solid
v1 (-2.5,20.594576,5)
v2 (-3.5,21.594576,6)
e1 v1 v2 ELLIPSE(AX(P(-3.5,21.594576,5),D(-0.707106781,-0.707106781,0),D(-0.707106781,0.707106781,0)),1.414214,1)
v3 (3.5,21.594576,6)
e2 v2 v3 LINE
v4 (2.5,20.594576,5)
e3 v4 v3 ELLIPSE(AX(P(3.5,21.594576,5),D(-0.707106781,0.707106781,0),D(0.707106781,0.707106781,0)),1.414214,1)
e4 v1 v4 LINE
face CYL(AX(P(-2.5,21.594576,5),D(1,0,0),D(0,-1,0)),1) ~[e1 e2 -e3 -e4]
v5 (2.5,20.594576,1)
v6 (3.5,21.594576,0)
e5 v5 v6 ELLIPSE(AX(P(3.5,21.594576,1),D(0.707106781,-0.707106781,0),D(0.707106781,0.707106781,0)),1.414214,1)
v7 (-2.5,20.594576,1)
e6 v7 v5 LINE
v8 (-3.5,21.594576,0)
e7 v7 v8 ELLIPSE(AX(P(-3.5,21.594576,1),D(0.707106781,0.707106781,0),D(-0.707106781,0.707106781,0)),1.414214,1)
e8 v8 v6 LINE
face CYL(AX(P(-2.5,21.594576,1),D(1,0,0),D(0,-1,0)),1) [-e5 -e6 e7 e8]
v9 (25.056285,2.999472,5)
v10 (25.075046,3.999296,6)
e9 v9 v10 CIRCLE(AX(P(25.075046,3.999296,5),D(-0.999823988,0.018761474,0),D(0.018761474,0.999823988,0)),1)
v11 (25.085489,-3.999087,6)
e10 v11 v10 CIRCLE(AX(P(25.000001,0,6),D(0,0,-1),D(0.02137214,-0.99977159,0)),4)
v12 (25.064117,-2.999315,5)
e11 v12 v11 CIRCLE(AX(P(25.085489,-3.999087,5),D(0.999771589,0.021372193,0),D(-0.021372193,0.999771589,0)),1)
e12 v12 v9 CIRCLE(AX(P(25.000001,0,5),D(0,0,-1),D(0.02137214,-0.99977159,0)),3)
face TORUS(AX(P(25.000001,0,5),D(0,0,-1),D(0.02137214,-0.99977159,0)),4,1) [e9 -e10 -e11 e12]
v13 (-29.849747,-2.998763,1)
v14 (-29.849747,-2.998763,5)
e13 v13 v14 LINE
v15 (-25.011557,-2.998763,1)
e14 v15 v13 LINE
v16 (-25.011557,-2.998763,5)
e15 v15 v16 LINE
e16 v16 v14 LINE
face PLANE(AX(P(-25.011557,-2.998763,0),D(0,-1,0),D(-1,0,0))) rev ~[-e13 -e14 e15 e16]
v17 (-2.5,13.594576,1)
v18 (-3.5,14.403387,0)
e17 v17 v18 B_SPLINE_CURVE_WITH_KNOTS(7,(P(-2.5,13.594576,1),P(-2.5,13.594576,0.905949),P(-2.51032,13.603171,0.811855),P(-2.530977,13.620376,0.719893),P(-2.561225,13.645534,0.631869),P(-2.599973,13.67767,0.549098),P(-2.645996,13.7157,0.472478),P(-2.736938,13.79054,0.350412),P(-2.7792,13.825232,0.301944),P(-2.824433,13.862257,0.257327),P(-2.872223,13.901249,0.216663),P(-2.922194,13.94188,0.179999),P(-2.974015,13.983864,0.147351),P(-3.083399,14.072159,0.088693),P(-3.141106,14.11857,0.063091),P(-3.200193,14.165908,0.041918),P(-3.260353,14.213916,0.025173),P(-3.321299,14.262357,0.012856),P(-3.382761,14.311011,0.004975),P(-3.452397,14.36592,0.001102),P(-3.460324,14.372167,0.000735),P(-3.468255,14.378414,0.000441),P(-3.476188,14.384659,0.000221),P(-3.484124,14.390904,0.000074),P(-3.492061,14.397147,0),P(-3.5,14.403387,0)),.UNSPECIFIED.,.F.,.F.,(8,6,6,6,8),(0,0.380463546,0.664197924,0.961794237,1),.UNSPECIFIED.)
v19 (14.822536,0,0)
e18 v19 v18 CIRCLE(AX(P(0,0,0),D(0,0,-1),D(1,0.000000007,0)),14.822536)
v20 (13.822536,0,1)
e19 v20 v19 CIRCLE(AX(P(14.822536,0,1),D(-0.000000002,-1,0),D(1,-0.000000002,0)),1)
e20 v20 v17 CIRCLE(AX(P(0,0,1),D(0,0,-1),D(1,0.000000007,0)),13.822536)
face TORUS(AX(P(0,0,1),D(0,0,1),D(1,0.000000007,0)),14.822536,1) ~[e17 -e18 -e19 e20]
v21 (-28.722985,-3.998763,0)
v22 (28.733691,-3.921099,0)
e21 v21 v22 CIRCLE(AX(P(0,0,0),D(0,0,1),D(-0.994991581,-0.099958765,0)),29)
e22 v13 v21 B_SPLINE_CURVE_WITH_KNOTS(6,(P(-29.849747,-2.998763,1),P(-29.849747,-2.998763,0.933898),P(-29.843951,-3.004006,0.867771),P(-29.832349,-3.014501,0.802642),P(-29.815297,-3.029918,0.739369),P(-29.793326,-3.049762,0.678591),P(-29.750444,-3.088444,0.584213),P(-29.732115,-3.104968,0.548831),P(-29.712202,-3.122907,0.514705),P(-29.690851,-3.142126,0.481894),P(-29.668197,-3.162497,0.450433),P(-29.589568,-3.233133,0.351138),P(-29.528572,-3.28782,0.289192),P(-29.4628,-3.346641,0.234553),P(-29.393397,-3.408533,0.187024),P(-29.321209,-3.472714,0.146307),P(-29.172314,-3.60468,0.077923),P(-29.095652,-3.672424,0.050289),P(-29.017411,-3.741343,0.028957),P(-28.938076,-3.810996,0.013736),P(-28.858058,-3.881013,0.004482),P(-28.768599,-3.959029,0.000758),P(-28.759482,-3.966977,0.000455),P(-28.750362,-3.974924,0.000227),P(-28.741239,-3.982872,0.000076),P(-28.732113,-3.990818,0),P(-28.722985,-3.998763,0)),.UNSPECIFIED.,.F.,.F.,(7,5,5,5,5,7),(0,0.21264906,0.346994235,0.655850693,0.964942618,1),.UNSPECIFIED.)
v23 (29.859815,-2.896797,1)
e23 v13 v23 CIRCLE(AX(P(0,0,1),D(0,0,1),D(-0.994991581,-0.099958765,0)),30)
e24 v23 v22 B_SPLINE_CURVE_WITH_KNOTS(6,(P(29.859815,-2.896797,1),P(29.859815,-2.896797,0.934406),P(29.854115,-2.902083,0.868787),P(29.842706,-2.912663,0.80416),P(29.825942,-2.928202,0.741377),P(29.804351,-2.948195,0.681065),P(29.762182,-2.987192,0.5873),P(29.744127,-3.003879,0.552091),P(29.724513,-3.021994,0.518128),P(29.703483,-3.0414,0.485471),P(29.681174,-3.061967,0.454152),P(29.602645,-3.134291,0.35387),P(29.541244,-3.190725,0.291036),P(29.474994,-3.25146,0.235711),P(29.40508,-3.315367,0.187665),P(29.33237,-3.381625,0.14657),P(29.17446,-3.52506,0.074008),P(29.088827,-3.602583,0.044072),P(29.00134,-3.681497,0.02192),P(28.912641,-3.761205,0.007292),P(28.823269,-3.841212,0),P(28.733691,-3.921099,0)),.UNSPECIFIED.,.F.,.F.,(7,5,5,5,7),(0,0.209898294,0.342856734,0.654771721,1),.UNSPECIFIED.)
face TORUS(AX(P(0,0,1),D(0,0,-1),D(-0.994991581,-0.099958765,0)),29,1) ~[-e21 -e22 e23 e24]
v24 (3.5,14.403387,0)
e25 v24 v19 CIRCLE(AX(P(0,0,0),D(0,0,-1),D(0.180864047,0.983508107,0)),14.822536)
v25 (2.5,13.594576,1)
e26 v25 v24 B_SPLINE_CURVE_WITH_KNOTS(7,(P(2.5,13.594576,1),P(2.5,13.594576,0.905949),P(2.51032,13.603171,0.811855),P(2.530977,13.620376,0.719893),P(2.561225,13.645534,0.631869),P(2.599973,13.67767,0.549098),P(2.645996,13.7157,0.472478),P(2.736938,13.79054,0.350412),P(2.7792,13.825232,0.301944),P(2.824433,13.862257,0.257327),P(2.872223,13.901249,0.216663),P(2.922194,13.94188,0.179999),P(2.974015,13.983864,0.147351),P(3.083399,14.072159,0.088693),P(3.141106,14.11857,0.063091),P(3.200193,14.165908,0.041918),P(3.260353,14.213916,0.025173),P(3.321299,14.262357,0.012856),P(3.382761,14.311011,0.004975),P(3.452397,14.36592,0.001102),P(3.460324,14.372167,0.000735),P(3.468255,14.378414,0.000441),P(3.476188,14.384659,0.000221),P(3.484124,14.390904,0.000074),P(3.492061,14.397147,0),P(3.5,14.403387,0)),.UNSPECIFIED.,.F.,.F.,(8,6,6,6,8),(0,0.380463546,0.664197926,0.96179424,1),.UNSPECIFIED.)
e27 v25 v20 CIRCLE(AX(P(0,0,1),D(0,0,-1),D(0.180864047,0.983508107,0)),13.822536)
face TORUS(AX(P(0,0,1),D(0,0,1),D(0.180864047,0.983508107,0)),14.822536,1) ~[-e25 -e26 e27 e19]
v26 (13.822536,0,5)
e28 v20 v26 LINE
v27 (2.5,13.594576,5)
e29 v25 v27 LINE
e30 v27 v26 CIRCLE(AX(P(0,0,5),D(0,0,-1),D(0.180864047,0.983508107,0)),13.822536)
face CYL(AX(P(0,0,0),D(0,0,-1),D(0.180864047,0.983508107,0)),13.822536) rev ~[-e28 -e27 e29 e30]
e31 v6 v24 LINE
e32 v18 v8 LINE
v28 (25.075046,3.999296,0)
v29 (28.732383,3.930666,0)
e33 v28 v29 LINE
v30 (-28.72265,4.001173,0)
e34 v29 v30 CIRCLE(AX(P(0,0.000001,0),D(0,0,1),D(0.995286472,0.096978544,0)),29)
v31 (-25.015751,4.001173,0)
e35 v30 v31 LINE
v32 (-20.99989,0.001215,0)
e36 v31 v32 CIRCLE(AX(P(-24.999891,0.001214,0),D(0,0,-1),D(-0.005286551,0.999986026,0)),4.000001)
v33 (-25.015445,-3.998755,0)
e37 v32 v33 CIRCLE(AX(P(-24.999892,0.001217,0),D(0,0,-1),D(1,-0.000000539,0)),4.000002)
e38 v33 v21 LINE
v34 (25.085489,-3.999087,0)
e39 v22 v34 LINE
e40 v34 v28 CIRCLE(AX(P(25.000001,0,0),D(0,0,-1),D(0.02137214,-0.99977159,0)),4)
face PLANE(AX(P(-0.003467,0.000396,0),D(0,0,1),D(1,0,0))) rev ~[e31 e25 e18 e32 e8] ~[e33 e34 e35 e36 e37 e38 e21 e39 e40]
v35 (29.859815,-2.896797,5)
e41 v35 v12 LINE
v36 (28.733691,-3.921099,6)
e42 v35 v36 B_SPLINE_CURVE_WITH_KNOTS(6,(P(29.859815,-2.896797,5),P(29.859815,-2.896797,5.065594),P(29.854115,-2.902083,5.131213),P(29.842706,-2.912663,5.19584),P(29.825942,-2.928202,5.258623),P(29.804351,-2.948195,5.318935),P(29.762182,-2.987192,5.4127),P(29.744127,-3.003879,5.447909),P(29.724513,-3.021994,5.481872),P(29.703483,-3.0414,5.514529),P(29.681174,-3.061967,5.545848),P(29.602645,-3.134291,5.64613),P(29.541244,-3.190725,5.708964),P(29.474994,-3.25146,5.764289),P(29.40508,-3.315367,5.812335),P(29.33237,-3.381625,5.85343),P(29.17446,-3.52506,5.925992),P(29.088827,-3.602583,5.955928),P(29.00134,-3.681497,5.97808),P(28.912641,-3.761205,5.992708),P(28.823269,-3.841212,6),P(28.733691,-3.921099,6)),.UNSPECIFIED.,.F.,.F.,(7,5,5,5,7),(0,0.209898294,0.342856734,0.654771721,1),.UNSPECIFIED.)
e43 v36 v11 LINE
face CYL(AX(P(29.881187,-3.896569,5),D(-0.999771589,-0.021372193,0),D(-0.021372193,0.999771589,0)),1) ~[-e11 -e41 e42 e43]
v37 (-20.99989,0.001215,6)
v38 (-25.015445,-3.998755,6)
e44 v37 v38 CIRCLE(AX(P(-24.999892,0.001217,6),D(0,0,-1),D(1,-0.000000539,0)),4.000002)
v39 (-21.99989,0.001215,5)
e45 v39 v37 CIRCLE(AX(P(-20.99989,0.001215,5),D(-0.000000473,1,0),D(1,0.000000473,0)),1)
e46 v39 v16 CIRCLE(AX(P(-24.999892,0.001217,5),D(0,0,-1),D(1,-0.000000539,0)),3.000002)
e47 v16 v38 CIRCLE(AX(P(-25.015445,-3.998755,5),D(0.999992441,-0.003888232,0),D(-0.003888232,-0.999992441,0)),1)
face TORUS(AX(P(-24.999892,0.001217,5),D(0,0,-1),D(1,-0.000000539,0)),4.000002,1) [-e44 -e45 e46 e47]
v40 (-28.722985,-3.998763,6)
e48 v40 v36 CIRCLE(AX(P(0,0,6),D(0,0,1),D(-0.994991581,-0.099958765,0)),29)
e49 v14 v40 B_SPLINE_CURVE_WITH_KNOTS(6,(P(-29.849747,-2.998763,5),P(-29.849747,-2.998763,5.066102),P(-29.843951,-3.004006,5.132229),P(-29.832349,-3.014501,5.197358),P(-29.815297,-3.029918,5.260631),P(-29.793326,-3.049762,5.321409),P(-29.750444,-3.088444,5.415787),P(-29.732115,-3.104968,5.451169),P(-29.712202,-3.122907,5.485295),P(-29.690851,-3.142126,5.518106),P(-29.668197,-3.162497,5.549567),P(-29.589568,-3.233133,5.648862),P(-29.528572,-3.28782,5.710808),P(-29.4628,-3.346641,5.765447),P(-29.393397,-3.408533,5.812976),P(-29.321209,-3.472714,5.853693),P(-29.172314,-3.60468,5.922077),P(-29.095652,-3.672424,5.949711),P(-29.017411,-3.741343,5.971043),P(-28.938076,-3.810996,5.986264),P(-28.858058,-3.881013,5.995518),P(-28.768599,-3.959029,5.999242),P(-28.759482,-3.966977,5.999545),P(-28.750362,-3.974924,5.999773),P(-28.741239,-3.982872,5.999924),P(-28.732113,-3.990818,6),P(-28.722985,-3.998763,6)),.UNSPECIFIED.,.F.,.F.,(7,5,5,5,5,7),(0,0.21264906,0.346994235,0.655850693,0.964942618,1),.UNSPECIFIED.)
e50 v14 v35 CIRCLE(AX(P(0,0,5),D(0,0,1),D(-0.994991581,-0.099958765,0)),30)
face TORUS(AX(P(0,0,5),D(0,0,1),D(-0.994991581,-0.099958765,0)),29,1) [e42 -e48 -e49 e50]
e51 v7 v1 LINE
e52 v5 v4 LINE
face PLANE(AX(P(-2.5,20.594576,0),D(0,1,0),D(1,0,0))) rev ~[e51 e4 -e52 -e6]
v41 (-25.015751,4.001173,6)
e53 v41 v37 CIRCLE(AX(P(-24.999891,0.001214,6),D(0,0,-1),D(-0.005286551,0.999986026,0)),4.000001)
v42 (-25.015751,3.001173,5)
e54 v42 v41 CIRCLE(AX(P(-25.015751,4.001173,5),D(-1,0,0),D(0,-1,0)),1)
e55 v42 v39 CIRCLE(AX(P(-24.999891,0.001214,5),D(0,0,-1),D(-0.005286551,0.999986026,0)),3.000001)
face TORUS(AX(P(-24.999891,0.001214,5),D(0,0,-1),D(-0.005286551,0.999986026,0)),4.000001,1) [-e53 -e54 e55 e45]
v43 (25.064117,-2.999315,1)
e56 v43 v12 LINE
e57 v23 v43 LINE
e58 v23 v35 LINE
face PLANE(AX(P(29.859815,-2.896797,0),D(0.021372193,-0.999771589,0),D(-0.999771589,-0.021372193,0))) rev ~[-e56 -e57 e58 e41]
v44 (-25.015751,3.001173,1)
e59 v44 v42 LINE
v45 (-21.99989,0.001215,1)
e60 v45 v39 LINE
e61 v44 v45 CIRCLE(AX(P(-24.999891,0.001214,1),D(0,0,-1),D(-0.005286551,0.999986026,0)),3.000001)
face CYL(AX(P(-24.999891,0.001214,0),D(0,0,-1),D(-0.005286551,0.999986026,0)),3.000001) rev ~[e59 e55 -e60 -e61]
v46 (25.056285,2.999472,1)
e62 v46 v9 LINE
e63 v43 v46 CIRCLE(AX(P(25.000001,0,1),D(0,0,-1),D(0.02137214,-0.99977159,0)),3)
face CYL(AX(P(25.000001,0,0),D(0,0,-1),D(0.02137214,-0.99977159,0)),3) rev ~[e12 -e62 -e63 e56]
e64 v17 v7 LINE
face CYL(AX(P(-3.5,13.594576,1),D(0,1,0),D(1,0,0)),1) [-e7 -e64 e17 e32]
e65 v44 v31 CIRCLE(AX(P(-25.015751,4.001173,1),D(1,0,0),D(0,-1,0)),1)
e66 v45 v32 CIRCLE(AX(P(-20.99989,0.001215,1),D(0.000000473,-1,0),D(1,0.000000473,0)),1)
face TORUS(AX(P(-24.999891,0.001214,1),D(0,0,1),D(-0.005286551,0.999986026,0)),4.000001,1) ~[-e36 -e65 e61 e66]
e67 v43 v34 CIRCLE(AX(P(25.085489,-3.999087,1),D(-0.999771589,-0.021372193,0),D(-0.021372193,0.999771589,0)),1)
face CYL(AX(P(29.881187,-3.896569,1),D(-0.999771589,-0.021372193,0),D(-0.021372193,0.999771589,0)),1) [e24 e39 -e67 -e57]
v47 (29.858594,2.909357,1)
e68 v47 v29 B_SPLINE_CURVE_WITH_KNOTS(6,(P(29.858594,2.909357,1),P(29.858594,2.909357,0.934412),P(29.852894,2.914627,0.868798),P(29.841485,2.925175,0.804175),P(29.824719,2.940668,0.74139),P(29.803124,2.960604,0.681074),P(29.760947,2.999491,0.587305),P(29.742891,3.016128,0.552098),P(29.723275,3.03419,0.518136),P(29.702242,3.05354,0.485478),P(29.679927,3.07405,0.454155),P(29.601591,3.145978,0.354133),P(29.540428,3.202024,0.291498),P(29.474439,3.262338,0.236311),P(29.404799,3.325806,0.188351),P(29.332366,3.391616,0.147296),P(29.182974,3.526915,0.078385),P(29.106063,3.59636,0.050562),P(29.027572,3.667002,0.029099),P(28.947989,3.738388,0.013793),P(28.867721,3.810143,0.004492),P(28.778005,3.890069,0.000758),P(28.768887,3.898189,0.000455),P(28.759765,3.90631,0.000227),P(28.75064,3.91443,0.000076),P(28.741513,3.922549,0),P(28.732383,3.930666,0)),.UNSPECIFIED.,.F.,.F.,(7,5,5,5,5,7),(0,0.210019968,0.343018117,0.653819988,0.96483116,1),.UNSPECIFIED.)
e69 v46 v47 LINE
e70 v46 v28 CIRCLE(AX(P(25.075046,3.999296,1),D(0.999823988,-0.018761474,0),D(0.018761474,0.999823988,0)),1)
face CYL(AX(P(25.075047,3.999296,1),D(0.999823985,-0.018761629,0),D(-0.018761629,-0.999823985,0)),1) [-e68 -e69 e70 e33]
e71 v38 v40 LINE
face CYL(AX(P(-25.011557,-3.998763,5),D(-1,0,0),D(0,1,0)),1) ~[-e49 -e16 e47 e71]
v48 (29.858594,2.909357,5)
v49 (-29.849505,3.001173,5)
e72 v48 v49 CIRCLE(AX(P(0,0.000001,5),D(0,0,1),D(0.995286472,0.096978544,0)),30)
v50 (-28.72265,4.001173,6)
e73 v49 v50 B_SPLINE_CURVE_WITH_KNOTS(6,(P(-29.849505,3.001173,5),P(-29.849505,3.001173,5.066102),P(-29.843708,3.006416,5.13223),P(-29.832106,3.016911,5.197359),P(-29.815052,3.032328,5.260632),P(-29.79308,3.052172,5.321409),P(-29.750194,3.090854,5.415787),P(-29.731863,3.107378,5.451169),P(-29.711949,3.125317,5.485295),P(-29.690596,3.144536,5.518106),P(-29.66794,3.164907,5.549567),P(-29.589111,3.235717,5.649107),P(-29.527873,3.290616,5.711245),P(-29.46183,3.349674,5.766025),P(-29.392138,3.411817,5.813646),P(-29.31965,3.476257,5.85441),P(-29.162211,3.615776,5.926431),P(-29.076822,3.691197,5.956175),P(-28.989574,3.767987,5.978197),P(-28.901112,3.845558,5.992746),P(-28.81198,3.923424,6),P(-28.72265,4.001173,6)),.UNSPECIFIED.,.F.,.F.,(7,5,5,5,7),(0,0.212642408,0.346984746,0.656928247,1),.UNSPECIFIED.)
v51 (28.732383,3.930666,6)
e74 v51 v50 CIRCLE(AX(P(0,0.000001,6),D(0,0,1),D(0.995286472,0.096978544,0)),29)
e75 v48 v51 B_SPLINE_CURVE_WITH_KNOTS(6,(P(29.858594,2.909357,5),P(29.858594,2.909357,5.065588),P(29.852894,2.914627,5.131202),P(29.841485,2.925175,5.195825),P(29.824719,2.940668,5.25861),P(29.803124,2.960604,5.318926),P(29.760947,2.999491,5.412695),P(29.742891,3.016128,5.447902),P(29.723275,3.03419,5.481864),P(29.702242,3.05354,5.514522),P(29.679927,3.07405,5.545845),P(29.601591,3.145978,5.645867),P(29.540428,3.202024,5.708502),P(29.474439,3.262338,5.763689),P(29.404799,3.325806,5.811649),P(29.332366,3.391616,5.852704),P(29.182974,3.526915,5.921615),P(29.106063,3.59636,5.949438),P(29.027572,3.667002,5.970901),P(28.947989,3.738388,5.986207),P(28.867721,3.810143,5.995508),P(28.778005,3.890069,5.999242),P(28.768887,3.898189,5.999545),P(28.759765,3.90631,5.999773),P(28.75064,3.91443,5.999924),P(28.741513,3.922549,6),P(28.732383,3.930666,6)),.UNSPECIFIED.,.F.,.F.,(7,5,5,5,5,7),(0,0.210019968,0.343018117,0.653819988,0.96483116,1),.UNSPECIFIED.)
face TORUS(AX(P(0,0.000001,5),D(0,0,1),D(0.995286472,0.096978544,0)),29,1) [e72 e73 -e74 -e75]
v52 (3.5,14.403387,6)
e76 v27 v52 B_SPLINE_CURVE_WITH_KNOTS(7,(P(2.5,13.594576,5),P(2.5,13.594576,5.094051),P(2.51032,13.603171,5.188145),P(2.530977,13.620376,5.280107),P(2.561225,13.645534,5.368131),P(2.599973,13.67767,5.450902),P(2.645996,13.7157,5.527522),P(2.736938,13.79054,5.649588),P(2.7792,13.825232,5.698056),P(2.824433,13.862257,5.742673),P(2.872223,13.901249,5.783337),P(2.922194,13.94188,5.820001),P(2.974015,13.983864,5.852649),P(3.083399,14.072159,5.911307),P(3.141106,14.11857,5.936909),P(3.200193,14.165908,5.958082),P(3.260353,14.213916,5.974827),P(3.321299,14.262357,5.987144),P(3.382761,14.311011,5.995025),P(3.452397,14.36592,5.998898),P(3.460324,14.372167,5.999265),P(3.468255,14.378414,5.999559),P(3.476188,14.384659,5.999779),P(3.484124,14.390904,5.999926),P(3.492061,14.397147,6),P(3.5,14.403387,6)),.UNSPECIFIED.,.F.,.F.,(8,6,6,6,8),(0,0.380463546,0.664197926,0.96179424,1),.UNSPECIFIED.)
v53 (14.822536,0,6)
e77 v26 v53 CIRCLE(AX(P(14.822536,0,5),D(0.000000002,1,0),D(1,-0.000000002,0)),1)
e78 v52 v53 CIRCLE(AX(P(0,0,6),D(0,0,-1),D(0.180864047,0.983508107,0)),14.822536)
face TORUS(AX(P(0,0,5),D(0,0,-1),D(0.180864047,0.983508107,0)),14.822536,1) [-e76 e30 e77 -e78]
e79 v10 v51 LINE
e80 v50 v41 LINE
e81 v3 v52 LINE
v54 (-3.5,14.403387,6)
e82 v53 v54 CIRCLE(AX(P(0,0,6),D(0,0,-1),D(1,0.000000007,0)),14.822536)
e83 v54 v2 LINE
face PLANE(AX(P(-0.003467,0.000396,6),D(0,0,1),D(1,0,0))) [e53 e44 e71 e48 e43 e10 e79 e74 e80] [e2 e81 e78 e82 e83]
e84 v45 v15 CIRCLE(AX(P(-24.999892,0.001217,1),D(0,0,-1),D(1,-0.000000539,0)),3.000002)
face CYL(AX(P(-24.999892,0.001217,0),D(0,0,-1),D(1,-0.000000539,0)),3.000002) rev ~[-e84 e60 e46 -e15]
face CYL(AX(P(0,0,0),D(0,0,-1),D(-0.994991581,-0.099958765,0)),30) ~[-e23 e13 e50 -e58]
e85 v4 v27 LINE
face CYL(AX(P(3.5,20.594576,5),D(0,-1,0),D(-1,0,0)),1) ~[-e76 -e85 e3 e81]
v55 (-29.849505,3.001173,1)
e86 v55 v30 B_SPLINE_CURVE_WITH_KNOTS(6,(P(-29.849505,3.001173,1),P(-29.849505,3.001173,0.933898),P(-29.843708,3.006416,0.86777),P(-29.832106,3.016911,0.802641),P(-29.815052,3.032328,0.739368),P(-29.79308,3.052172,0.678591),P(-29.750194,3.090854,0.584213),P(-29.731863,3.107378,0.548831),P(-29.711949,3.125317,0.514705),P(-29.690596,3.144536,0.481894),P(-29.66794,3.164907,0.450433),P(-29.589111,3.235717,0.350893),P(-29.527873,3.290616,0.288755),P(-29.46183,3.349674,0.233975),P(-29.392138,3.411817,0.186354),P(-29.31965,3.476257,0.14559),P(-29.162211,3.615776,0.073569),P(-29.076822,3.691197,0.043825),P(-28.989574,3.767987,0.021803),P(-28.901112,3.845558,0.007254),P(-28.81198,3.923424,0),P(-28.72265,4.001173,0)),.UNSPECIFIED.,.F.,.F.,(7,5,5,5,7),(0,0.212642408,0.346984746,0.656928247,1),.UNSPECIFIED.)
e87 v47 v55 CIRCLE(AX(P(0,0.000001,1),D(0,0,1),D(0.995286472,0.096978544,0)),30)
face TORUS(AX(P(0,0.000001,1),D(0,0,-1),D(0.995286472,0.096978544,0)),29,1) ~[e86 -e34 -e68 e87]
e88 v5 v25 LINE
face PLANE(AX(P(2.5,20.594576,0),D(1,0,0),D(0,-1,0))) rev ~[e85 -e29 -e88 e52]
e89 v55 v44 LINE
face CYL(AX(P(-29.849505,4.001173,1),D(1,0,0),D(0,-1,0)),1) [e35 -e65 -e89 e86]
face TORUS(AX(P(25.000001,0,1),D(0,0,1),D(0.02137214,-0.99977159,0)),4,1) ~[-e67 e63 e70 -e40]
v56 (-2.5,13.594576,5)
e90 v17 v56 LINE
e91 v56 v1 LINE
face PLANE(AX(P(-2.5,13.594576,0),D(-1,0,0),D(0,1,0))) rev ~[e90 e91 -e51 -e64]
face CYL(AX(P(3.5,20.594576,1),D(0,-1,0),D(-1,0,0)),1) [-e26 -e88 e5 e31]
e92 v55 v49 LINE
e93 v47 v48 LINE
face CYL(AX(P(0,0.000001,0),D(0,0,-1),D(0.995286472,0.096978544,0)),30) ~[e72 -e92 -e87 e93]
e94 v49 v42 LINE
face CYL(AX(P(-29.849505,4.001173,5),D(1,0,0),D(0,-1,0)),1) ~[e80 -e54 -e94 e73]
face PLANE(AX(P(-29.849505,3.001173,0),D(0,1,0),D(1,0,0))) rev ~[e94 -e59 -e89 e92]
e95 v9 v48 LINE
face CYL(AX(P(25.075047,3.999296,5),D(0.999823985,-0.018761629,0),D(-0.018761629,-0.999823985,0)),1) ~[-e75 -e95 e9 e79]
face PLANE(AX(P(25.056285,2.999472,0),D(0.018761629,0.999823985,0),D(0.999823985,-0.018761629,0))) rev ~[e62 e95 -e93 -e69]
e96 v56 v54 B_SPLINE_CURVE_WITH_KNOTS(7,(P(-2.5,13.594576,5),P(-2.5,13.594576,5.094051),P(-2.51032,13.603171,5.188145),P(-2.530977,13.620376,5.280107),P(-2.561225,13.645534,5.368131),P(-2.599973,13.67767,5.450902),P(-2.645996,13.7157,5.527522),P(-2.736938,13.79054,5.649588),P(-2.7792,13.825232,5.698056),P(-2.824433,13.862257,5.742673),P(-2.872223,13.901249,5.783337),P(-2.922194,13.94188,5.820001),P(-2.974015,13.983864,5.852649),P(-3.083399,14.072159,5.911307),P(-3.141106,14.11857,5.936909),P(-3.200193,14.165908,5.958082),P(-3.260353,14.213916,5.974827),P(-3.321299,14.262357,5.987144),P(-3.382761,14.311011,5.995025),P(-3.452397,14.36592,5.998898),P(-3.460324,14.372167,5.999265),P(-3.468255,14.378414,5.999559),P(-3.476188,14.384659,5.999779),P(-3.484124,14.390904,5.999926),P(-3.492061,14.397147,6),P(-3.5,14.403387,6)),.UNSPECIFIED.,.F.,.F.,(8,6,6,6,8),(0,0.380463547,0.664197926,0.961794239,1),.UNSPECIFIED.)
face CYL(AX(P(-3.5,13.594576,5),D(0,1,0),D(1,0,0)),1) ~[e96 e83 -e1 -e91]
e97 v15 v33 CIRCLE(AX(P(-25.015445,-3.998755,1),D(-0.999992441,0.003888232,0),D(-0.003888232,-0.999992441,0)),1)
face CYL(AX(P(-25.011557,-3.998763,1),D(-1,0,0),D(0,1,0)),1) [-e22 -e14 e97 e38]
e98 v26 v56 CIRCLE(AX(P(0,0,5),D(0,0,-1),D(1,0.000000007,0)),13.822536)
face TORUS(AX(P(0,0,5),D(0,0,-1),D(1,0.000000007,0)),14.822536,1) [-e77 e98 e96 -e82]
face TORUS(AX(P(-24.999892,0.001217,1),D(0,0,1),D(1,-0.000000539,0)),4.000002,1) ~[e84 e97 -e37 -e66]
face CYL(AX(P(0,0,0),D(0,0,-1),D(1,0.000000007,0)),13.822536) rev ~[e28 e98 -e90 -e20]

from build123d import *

# Parameters (mm, degrees)
F1_DEPTH = 6
F2_R     = 1


with BuildPart() as f1:
    # F0 (on Top) → F1 (new body)
    with BuildSketch(Plane.XY):
        with BuildLine():
            Line((25.056285, 2.999472), (29.858594, 2.909357))
            ThreePointArc((29.858594, 2.909357), (0.046132, 29.999965), (-29.849505, 3.001173))
            Line((-29.849505, 3.001173), (-25.015751, 3.001173))
            ThreePointArc((-25.015751, 3.001173), (-22.884185, 2.128135), (-21.99989, 0.001215))
            ThreePointArc((-21.99989, 0.001215), (-22.882699, -2.124226), (-25.011557, -2.998763))
            Line((-25.011557, -2.998763), (-29.849747, -2.998763))
            ThreePointArc((-29.849747, -2.998763), (0.051231, -29.999956), (29.859815, -2.896797))
            Line((29.859815, -2.896797), (25.064117, -2.999315))
            ThreePointArc((25.064117, -2.999315), (22.000003, -0.003917), (25.056285, 2.999472))
        make_face()
        with BuildLine():
            ThreePointArc((2.5, 13.594576), (10.621178, 8.846077), (13.822536, 0))
            ThreePointArc((13.822536, 0), (-8.846077, -10.621178), (-2.5, 13.594576))
            Line((-2.5, 13.594576), (-2.5, 20.594576))
            Line((-2.5, 20.594576), (0, 20.594576))
            Line((0, 20.594576), (2.5, 20.594576))
            Line((2.5, 20.594576), (2.5, 13.594576))
        make_face(mode=Mode.SUBTRACT)
    extrude(amount=F1_DEPTH)

    # F2
    f2_edges = [f1.edges().sort_by_distance(p)[0] for p in [
        (27.461966, -2.948056, 6),
        (22.000003, -0.003917, 6),
        (27.457439, 2.954415, 6),
        (0.046132, 29.999965, 6),
        (-27.432628, 3.001173, 6),
        (-21.999891, 0.003312, 6),
        (-27.430652, -2.998763, 6),
        (0.051231, -29.999956, 6),
        (0, -13.822536, 6),
        (-2.5, 17.094576, 6),
        (0, 20.594576, 6),
        (2.5, 17.094576, 6),
        (27.461966, -2.948056, 0),
        (22.000003, -0.003917, 0),
        (27.457439, 2.954415, 0),
        (0.046132, 29.999965, 0),
        (-27.432628, 3.001173, 0),
        (-21.999891, 0.003312, 0),
        (-27.430652, -2.998763, 0),
        (0.051231, -29.999956, 0),
        (0, -13.822536, 0),
        (-2.5, 17.094576, 0),
        (0, 20.594576, 0),
        (2.5, 17.094576, 0),
    ]]
    fillet(f2_edges, radius=F2_R)


solid = f1.part
